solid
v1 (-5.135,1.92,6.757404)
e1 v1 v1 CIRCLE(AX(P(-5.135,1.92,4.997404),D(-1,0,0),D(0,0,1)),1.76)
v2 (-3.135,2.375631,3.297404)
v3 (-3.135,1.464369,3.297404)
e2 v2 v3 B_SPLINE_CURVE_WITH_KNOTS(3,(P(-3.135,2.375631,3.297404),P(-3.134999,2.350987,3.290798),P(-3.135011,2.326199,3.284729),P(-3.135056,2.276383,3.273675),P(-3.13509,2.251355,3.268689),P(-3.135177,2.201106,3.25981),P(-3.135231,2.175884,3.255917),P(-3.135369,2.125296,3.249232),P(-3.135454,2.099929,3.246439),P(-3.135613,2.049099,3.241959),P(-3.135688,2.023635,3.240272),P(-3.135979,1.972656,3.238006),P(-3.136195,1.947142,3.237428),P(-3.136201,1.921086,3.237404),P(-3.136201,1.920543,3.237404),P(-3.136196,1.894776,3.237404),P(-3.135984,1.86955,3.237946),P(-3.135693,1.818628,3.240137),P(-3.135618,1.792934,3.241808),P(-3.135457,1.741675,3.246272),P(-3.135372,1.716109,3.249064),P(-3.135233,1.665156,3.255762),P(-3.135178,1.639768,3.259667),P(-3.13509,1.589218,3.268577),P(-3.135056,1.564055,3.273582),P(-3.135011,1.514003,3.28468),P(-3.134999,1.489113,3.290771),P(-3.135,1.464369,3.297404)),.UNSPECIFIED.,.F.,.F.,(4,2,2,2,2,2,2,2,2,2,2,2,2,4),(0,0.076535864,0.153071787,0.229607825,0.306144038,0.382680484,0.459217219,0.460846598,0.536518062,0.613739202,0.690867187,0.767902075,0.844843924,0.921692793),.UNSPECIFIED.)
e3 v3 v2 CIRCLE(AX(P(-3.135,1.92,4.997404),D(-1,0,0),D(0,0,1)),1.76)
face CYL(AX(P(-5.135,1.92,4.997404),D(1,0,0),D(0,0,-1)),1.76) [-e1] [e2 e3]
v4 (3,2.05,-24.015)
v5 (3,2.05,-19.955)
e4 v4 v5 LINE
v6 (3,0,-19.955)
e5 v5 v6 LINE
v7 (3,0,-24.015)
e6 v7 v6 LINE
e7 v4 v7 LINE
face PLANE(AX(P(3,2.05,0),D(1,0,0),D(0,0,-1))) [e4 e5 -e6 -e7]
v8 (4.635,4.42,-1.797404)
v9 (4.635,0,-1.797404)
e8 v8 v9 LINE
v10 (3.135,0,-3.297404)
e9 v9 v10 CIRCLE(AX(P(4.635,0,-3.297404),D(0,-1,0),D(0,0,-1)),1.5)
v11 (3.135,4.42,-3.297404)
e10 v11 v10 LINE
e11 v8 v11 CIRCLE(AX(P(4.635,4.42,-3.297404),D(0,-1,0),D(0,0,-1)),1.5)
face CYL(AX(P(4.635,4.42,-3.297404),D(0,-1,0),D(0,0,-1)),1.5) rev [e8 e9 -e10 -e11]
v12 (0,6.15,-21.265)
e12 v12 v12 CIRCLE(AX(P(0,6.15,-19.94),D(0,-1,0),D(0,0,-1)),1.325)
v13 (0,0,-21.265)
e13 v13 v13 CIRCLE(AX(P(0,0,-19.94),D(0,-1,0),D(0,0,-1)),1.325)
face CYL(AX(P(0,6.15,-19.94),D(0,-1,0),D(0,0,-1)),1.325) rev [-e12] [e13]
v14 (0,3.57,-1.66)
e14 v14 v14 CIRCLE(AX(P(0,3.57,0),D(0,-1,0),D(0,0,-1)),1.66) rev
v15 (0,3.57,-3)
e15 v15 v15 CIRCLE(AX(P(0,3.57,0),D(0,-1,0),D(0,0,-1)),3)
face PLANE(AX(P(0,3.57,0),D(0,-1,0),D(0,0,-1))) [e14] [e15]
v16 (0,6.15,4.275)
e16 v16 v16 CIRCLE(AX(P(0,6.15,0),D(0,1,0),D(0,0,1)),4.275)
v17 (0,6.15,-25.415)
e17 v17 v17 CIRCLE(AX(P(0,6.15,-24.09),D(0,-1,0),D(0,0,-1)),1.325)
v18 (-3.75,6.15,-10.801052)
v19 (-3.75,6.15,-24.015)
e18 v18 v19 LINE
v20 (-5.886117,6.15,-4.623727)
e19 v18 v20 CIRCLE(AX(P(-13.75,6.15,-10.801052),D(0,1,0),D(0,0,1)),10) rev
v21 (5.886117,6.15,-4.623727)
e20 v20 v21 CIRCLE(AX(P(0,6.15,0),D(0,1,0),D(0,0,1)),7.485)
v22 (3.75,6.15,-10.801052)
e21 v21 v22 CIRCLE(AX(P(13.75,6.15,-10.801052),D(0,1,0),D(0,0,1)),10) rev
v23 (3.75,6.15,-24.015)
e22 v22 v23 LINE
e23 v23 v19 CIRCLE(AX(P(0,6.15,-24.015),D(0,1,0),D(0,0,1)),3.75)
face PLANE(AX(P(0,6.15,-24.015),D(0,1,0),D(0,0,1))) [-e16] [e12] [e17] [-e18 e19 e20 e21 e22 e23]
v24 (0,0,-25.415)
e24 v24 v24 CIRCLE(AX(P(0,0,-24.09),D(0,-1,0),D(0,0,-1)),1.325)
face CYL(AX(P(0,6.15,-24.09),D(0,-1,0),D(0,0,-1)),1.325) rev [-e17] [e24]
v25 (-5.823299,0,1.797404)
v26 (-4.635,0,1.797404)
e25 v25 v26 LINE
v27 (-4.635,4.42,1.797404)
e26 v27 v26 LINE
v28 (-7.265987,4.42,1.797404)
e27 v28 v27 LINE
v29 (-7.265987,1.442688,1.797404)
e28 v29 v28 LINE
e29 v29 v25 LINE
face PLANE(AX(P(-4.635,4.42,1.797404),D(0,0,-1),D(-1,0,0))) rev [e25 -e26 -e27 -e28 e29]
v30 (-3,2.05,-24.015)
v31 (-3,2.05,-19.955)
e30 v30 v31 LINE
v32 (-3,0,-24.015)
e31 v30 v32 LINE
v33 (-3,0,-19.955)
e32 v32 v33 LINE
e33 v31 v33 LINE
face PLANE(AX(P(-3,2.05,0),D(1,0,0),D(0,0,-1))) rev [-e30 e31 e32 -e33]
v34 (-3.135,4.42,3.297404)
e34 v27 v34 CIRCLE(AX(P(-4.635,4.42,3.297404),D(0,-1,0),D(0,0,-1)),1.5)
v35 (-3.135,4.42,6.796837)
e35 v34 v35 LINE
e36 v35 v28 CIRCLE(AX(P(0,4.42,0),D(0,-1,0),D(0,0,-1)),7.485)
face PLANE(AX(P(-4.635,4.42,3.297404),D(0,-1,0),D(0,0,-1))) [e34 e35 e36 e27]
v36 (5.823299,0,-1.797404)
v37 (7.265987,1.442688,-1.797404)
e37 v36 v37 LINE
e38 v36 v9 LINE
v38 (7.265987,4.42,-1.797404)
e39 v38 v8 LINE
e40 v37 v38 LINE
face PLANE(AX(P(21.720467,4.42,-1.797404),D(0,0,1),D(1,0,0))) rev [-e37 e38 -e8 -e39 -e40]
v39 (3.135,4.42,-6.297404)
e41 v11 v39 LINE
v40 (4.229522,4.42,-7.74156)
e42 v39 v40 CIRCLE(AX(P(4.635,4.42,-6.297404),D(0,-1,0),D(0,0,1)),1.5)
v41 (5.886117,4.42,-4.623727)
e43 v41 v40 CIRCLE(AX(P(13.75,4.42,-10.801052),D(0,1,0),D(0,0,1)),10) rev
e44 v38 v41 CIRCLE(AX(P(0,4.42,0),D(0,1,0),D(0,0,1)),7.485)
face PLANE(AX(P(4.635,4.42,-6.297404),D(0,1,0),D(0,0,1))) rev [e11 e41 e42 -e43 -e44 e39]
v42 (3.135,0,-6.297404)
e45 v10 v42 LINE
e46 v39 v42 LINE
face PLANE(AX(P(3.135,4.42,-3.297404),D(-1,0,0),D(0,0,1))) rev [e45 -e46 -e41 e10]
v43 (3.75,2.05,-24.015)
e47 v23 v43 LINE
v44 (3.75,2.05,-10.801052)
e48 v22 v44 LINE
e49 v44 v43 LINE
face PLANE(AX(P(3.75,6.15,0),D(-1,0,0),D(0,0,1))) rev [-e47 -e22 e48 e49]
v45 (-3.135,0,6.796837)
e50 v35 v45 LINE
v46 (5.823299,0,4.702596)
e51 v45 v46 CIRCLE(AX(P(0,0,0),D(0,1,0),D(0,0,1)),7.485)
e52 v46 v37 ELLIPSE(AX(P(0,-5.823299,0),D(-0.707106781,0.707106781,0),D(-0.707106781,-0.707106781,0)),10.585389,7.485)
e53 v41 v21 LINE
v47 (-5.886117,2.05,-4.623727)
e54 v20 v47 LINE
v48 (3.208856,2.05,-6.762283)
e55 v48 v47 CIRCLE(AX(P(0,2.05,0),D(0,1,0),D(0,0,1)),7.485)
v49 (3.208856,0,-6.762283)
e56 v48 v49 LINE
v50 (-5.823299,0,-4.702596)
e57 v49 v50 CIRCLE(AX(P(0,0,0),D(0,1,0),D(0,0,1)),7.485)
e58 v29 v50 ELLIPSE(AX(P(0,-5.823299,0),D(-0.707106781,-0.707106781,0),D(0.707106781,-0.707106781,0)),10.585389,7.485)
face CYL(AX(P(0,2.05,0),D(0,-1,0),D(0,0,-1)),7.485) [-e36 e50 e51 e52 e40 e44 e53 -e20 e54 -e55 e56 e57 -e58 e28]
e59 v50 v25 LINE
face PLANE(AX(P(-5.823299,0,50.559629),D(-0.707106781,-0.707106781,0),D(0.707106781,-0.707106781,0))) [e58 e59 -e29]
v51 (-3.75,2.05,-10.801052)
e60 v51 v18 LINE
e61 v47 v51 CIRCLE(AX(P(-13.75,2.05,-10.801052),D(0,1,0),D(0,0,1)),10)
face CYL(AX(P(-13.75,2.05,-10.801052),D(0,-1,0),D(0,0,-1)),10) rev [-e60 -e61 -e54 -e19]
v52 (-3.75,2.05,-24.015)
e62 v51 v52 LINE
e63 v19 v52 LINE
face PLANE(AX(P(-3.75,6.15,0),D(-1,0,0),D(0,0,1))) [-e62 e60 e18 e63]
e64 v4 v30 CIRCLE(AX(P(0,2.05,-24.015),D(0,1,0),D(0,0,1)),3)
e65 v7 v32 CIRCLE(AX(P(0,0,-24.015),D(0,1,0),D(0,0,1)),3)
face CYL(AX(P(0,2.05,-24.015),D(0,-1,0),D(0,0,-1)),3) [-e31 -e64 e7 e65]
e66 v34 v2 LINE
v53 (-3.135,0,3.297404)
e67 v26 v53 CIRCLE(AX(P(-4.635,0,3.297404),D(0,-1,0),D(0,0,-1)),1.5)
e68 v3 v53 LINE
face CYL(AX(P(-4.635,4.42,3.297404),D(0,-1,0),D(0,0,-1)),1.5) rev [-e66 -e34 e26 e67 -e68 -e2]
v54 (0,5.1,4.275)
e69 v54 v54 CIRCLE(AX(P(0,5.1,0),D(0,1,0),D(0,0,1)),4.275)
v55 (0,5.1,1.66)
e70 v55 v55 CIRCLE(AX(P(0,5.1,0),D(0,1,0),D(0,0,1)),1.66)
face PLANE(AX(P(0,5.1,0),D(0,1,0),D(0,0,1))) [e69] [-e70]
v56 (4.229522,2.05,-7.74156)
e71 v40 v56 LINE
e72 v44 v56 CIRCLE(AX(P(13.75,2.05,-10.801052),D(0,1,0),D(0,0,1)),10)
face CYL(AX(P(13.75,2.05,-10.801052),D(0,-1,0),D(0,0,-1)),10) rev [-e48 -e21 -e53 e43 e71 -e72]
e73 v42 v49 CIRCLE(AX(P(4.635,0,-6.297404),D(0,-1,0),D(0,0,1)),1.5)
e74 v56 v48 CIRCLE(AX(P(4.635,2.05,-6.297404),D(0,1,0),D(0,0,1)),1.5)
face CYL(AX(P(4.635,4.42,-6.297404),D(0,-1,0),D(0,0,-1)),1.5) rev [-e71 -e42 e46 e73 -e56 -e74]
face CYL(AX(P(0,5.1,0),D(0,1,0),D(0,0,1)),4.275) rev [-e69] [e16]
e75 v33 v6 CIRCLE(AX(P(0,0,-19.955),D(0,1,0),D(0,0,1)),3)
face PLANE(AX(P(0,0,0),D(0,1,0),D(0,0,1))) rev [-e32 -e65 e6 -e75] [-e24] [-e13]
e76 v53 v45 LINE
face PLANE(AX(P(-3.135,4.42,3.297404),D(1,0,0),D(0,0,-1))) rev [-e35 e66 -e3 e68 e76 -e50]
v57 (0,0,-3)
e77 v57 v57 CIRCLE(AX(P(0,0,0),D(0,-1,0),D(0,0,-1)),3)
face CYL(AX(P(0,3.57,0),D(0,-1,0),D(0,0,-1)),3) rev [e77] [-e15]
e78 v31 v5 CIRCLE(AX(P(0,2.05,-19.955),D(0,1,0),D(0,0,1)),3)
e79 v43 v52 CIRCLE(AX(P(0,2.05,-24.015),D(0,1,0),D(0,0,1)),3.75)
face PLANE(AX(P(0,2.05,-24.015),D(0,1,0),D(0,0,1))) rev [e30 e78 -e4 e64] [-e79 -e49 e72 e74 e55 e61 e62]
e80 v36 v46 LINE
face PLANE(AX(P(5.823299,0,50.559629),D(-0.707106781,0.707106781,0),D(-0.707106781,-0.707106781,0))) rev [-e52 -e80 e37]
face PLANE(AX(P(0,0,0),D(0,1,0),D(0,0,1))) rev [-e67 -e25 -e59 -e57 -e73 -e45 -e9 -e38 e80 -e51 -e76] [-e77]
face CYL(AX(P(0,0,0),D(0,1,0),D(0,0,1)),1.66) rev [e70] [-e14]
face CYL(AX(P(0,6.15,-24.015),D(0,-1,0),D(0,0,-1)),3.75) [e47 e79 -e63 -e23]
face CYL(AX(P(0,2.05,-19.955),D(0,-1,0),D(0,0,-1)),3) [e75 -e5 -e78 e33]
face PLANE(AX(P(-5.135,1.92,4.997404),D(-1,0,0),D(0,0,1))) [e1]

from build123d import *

# Parameters (mm, degrees)
BOSS_EXTRUDE1_DEPTH = 2.05
BOSS_EXTRUDE2_START = 2.05
BOSS_EXTRUDE2_DEPTH = 4.1
FILLET1_R           = 10
SKETCH2_R           = 1.66
CUT_EXTRUDE1_DEPTH  = 30.406512034
SKETCH2_3_R         = 4.275
SKETCH2_3_R_2       = 1.66
CUT_EXTRUDE2_DEPTH  = 1.05
SKETCH3_R           = 1.325
CUT_EXTRUDE3_DEPTH  = 30.406512034
CUT_EXTRUDE4_DEPTH  = 30.406512034
CUT_EXTRUDE5_DEPTH  = 4.42
SKETCH6_R           = 3
CUT_EXTRUDE6_DEPTH  = 3.57
SKETCH7_R           = 1.76
BOSS_EXTRUDE3_DEPTH = 2


with BuildPart() as part:
    # Sketch1 → Boss-Extrude1 (new body)
    with BuildSketch(Plane(origin=(0, 0, 0), x_dir=(1, 0, 0), z_dir=(0, 1, 0))):
        with BuildLine():
            ThreePointArc((7.485, 0), (6.484364849, 3.738748119), (3.75, 6.477864231))
            Line((3.75, 6.477864231), (3.75, 0))
            ThreePointArc((3.75, 0), (0, -3.75), (-3.75, 0))
            Line((-3.75, 0), (-3.75, 6.477864231))
            ThreePointArc((-3.75, 6.477864231), (-3.738748119, -6.484364849), (7.485, 0))
        make_face()
        with BuildLine():
            Line((3.75, 0), (3.75, 6.477864231))
            ThreePointArc((3.75, 6.477864231), (0, 7.485), (-3.75, 6.477864231))
            Line((-3.75, 6.477864231), (-3.75, 0))
            ThreePointArc((-3.75, 0), (0, -3.75), (3.75, 0))
        make_face()
        with BuildLine():
            Line((-3, 24.015), (-3, 19.955))
            ThreePointArc((-3, 19.955), (0, 16.955), (3, 19.955))
            Line((3, 19.955), (3, 24.015))
            ThreePointArc((3, 24.015), (0, 27.015), (-3, 24.015))
        make_face()
    extrude(amount=BOSS_EXTRUDE1_DEPTH)

    # Sketch1<3> → Boss-Extrude2 (add)
    # profile 1 of 6: a face of its own
    with BuildSketch(Plane(origin=(0, 0, 0), x_dir=(1, 0, 0), z_dir=(0, 1, 0)).offset(BOSS_EXTRUDE2_START)):
        with BuildLine():
            ThreePointArc((7.485, 0), (6.484364849, 3.738748119), (3.75, 6.477864231))
            Line((3.75, 6.477864231), (3.75, 0))
            ThreePointArc((3.75, 0), (0, -3.75), (-3.75, 0))
            Line((-3.75, 0), (-3.75, 6.477864231))
            ThreePointArc((-3.75, 6.477864231), (-3.738748119, -6.484364849), (7.485, 0))
        make_face()
    # profile 2 of 6: a face of its own
    with BuildSketch(Plane(origin=(0, 0, 0), x_dir=(1, 0, 0), z_dir=(0, 1, 0)).offset(BOSS_EXTRUDE2_START)):
        with BuildLine():
            Line((3.75, 0), (3.75, 6.477864231))
            ThreePointArc((3.75, 6.477864231), (0, 7.485), (-3.75, 6.477864231))
            Line((-3.75, 6.477864231), (-3.75, 0))
            ThreePointArc((-3.75, 0), (0, -3.75), (3.75, 0))
        make_face()
    # profile 3 of 6: a face of its own
    with BuildSketch(Plane(origin=(0, 0, 0), x_dir=(1, 0, 0), z_dir=(0, 1, 0)).offset(BOSS_EXTRUDE2_START)):
        with BuildLine():
            ThreePointArc((7.485, 0), (6.484364849, 3.738748119), (3.75, 6.477864231))
            Line((3.75, 6.477864231), (3.75, 0))
            ThreePointArc((3.75, 0), (0, -3.75), (-3.75, 0))
            Line((-3.75, 0), (-3.75, 6.477864231))
            ThreePointArc((-3.75, 6.477864231), (-3.738748119, -6.484364849), (7.485, 0))
        make_face()
    # profile 4 of 6: a face of its own
    with BuildSketch(Plane(origin=(0, 0, 0), x_dir=(1, 0, 0), z_dir=(0, 1, 0)).offset(BOSS_EXTRUDE2_START)):
        with BuildLine():
            Line((3.75, 0), (3.75, 6.477864231))
            ThreePointArc((3.75, 6.477864231), (0, 7.485), (-3.75, 6.477864231))
            Line((-3.75, 6.477864231), (-3.75, 0))
            ThreePointArc((-3.75, 0), (0, -3.75), (3.75, 0))
        make_face()
    # profile 5 of 6: a face of its own
    with BuildSketch(Plane(origin=(0, 0, 0), x_dir=(1, 0, 0), z_dir=(0, 1, 0)).offset(BOSS_EXTRUDE2_START)):
        with BuildLine():
            Line((3.75, 6.477864231), (3.75, 24.015))
            ThreePointArc((3.75, 24.015), (0, 27.765), (-3.75, 24.015))
            Line((-3.75, 24.015), (-3.75, 6.477864231))
            ThreePointArc((-3.75, 6.477864231), (0, 7.485), (3.75, 6.477864231))
        make_face()
        with BuildLine():
            ThreePointArc((-3, 24.015), (0, 27.015), (3, 24.015))
            Line((3, 24.015), (3, 19.955))
            ThreePointArc((3, 19.955), (0, 16.955), (-3, 19.955))
            Line((-3, 19.955), (-3, 24.015))
        make_face(mode=Mode.SUBTRACT)
    # profile 6 of 6: a face of its own
    with BuildSketch(Plane(origin=(0, 0, 0), x_dir=(1, 0, 0), z_dir=(0, 1, 0)).offset(BOSS_EXTRUDE2_START)):
        with BuildLine():
            Line((-3, 24.015), (-3, 19.955))
            ThreePointArc((-3, 19.955), (0, 16.955), (3, 19.955))
            Line((3, 19.955), (3, 24.015))
            ThreePointArc((3, 24.015), (0, 27.015), (-3, 24.015))
        make_face()
    extrude(amount=BOSS_EXTRUDE2_DEPTH)

    # Fillet1
    fillet1_edges = [part.edges().sort_by_distance(p)[0] for p in [
        (-3.75, 4.1, -6.477864231),
        (3.75, 4.1, -6.477864231),
    ]]
    fillet(fillet1_edges, radius=FILLET1_R)

    # Sketch2 → Cut-Extrude1 (cut, through all)
    with BuildSketch(Plane(origin=(0, 6.15, 0), x_dir=(1, 0, 0), z_dir=(0, 1, 0))):
        with Locations(Location((0, 0, 0), (0, 0, 270))):
            Circle(SKETCH2_R)
    extrude(amount=-CUT_EXTRUDE1_DEPTH, mode=Mode.SUBTRACT)

    # Sketch2<3> → Cut-Extrude2 (cut)
    with BuildSketch(Plane(origin=(0, 6.15, 0), x_dir=(1, 0, 0), z_dir=(0, 1, 0))):
        with Locations(Location((0, 0, 0), (0, 0, 270))):
            Circle(SKETCH2_3_R)
        with Locations(Location((0, 0, 0), (0, 0, 270))):
            Circle(SKETCH2_3_R_2, mode=Mode.SUBTRACT)
    extrude(amount=-CUT_EXTRUDE2_DEPTH, mode=Mode.SUBTRACT)

    # Sketch3 → Cut-Extrude3 (cut, through all)
    with BuildSketch(Plane(origin=(0, 0, 0), x_dir=(-1, 0, 0), z_dir=(0, -1, 0))):
        with Locations(Location((0, 19.94, 0), (0, 0, 90))):
            Circle(SKETCH3_R)
        with Locations(Location((0, 24.09, 0), (0, 0, 90))):
            Circle(SKETCH3_R)
    extrude(amount=-CUT_EXTRUDE3_DEPTH, mode=Mode.SUBTRACT)

    # Sketch4 → Cut-Extrude4 (cut, symmetric)
    with BuildSketch(Plane.XY):
        Polygon((-23.349611589, -29.172910653), (5.823299064, 0), (7.485, 1.661700936), (36.657910653, 30.834611589), (95.003731959, -27.511209717), (34.996209717, -87.518731959), align=None)
    cut_extrude4 = extrude(amount=CUT_EXTRUDE4_DEPTH, both=True, mode=Mode.SUBTRACT)

    # Mirror1: Cut-Extrude4 across plane
    add(cut_extrude4.mirror(Plane(origin=(0, 0, 0), x_dir=(0, 0, 1), z_dir=(1, 0, 0))), mode=Mode.SUBTRACT)

    # Sketch5 → Cut-Extrude5 (cut)
    with BuildSketch(Plane.XZ):
        with BuildLine():
            Line((21.72046725, -1.797403589), (4.635, -1.797403589))
            ThreePointArc((4.635, -1.797403589), (3.574339828, -2.236743417), (3.135, -3.297403589))
            Line((3.135, -3.297403589), (3.135, -6.297403589))
            ThreePointArc((3.135, -6.297403589), (3.574339828, -7.35806376), (4.635, -7.797403589))
            Line((4.635, -7.797403589), (21.72046725, -7.797403589))
            Line((21.72046725, -7.797403589), (21.72046725, -1.797403589))
        make_face()
        with BuildLine():
            Line((-4.635, 1.797403589), (-13.906337827, 1.797403589))
            Line((-13.906337827, 1.797403589), (-13.906337827, 10.507844077))
            Line((-13.906337827, 10.507844077), (-3.135, 10.507844077))
            Line((-3.135, 10.507844077), (-3.135, 3.297403589))
            ThreePointArc((-3.135, 3.297403589), (-3.574339828, 2.236743417), (-4.635, 1.797403589))
        make_face()
    extrude(amount=-CUT_EXTRUDE5_DEPTH, mode=Mode.SUBTRACT)

    # Sketch6 → Cut-Extrude6 (cut)
    with BuildSketch(Plane.XZ):
        with Locations(Location((0, 0, 0), (0, 0, 270))):
            Circle(SKETCH6_R)
    extrude(amount=-CUT_EXTRUDE6_DEPTH, mode=Mode.SUBTRACT)

    # Sketch7 → Boss-Extrude3 (add)
    with BuildSketch(Plane.ZY.offset(3.135)):
        with Locations(Location((4.997403589, 1.92, 0), (0, 0, 164.996295671))):
            Circle(SKETCH7_R)
    extrude(amount=BOSS_EXTRUDE3_DEPTH)


solid = part.part
